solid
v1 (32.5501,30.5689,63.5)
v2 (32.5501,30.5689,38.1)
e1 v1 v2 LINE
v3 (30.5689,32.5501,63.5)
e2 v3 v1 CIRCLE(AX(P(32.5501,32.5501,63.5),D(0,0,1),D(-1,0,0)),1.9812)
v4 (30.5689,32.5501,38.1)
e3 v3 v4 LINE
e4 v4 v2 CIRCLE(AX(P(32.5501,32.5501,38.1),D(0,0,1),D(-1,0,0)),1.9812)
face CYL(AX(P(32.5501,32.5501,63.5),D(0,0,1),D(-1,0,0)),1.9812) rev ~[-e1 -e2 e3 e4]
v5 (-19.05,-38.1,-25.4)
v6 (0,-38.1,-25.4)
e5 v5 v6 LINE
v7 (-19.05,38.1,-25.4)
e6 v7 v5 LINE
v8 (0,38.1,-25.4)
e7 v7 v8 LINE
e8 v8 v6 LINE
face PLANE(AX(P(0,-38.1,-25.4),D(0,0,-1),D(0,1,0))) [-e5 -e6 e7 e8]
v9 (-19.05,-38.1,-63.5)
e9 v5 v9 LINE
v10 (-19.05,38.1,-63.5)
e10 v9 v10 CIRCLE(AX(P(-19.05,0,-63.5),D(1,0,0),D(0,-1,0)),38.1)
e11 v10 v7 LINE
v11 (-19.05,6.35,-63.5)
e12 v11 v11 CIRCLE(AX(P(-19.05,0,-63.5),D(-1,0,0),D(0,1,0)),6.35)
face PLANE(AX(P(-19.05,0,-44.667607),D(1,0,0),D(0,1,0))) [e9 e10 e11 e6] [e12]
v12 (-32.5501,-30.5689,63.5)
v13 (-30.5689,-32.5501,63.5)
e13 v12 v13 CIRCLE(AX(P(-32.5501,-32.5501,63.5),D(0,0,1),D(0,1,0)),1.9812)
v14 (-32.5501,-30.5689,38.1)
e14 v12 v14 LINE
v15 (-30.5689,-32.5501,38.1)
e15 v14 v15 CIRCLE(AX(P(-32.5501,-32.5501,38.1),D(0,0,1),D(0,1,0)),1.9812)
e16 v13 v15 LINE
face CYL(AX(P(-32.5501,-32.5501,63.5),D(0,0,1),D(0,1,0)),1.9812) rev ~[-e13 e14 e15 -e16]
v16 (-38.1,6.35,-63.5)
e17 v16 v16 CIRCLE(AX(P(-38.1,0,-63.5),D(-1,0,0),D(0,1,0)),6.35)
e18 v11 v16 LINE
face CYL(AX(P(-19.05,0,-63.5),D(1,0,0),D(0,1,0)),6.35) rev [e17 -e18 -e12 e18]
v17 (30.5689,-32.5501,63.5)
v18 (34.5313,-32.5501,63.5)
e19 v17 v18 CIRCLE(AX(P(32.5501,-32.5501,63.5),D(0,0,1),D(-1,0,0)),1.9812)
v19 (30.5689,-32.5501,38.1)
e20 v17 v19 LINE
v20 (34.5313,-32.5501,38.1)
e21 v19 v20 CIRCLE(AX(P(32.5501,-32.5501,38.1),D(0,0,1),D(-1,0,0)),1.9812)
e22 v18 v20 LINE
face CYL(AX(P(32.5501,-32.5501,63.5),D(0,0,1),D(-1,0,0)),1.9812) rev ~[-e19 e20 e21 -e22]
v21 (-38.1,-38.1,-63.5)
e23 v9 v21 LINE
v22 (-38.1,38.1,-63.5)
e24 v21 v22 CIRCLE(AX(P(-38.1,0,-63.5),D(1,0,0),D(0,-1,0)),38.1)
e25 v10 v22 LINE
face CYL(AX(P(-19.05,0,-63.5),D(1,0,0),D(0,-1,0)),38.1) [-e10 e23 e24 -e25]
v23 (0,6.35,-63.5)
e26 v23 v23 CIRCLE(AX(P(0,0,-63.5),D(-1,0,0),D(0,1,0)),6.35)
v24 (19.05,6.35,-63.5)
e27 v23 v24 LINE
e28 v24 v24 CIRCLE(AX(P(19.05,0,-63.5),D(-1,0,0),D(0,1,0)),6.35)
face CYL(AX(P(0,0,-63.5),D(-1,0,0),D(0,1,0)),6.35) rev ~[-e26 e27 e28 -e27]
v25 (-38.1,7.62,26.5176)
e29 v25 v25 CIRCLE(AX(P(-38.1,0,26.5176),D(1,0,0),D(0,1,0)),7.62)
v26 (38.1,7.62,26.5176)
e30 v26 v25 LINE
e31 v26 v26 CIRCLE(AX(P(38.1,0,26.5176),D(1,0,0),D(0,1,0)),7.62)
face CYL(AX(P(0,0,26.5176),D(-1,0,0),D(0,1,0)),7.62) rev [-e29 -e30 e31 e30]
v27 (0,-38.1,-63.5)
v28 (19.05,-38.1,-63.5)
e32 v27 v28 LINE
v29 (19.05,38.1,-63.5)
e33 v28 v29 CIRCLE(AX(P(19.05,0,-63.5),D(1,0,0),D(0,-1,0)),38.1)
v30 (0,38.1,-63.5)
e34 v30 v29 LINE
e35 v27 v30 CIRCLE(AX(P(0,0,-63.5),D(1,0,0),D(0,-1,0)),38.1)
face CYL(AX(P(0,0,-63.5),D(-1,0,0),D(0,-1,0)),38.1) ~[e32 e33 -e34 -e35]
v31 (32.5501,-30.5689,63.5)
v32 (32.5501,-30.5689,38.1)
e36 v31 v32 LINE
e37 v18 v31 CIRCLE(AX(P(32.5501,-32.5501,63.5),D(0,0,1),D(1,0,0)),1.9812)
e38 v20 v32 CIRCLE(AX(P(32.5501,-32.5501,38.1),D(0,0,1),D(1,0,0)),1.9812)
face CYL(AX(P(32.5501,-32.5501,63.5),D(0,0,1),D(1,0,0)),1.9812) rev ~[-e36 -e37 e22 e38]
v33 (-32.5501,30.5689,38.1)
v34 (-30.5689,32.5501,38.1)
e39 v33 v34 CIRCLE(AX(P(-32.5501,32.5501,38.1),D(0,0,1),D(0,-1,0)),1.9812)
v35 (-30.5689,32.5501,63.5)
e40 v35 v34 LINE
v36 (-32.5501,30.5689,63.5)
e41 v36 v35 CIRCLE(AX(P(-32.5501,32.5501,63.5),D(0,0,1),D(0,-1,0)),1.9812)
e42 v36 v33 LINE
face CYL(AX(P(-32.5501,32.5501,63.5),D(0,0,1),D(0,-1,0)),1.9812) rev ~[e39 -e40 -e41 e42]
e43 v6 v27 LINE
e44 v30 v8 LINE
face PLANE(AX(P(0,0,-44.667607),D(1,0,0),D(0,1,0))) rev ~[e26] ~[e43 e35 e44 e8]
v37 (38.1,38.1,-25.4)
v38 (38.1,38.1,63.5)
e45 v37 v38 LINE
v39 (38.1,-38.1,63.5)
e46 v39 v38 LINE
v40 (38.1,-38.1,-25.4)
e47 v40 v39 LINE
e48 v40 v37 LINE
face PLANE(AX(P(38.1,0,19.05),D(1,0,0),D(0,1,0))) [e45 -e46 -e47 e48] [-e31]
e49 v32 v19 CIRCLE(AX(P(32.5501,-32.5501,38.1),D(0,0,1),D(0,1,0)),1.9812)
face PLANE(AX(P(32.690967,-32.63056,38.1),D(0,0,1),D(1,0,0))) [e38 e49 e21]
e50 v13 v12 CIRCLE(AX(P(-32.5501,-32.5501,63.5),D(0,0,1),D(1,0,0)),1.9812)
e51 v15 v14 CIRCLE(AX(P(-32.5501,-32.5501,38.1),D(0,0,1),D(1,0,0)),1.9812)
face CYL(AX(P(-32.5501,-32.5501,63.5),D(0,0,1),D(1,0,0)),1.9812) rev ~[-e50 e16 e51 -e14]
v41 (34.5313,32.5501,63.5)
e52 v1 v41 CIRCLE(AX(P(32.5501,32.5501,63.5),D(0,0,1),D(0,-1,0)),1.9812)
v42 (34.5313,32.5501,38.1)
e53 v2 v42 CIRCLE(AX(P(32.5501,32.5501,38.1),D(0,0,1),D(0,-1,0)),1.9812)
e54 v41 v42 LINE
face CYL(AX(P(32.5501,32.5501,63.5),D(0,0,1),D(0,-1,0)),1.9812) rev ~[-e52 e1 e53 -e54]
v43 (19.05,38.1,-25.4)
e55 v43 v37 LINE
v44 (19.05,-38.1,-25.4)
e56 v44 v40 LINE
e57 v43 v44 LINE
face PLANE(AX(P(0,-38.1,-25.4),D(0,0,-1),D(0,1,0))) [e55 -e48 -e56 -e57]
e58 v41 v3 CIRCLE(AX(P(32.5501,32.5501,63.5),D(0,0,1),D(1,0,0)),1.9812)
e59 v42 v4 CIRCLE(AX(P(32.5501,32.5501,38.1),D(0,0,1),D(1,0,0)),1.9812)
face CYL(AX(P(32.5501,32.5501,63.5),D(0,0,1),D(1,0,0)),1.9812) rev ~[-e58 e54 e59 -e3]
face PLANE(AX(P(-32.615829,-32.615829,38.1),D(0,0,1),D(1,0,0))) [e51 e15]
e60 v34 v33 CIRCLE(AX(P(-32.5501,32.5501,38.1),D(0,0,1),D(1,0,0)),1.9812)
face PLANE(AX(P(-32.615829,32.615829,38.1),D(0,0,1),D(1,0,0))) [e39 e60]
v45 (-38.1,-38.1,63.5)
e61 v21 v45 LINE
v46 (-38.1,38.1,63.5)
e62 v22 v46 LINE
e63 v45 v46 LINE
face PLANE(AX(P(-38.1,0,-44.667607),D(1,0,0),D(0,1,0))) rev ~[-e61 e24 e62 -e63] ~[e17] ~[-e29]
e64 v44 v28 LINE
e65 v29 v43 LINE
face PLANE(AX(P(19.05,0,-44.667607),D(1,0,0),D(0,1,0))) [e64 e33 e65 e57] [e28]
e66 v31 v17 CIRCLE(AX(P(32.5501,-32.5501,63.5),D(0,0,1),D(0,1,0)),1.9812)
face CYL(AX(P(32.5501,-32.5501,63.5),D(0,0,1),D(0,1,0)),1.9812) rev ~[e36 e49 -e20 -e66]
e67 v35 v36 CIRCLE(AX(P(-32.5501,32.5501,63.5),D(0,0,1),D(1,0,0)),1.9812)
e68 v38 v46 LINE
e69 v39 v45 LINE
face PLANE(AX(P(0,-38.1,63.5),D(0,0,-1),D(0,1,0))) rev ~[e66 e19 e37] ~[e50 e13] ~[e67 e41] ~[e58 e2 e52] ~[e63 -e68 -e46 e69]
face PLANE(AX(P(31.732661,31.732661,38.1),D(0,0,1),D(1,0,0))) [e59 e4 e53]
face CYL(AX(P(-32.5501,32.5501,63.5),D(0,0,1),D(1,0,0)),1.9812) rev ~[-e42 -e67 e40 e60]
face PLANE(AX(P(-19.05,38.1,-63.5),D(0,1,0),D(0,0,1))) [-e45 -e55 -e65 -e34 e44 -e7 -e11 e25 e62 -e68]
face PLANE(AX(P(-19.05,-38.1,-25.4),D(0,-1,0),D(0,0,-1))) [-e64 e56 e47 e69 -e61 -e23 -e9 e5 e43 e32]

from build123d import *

# Parameters (mm, degrees)
F0_W     = 76.2
F0_H     = 88.9
F0_R     = 7.62
F1_DEPTH = 38.1
F2_DEPTH = 19.05
F3_START = -19.05
F3_DEPTH = 19.05
F5_DEPTH = 25.4


with BuildPart() as f1:
    # F0 (on Right) → F1 (new body, symmetric)
    with BuildSketch(Plane.YZ):
        with Locations((0, 19.05)):
            Rectangle(F0_W, F0_H)
        with Locations((0, 26.5176)):
            Circle(F0_R, mode=Mode.SUBTRACT)
    extrude(amount=F1_DEPTH, both=True)

    # F0 (on Right) → F2 (join)
    with BuildSketch(Plane.YZ):
        with BuildLine():
            Line((6.35, -63.5), (38.1, -63.5))
            Line((38.1, -63.5), (38.1, -25.4))
            Line((38.1, -25.4), (-38.1, -25.4))
            Line((-38.1, -25.4), (-38.1, -63.5))
            Line((-38.1, -63.5), (-6.35, -63.5))
            ThreePointArc((-6.35, -63.5), (0, -57.15), (6.35, -63.5))
        make_face()
        with BuildLine():
            ThreePointArc((-38.1, -63.5), (0, -101.6), (38.1, -63.5))
            Line((38.1, -63.5), (6.35, -63.5))
            ThreePointArc((6.35, -63.5), (0, -69.85), (-6.35, -63.5))
            Line((-6.35, -63.5), (-38.1, -63.5))
        make_face()
    extrude(amount=F2_DEPTH)

    # F0 (on Right) → F3 (join)
    with BuildSketch(Plane.YZ.offset(F3_START)):
        with BuildLine():
            Line((6.35, -63.5), (38.1, -63.5))
            Line((38.1, -63.5), (38.1, -25.4))
            Line((38.1, -25.4), (-38.1, -25.4))
            Line((-38.1, -25.4), (-38.1, -63.5))
            Line((-38.1, -63.5), (-6.35, -63.5))
            ThreePointArc((-6.35, -63.5), (0, -57.15), (6.35, -63.5))
        make_face()
        with BuildLine():
            ThreePointArc((-38.1, -63.5), (0, -101.6), (38.1, -63.5))
            Line((38.1, -63.5), (6.35, -63.5))
            ThreePointArc((6.35, -63.5), (0, -69.85), (-6.35, -63.5))
            Line((-6.35, -63.5), (-38.1, -63.5))
        make_face()
    extrude(amount=-F3_DEPTH)

    # F4 (on face) → F5 (cut)
    with BuildSketch(Plane.XY.offset(63.5)):
        with BuildLine():
            ThreePointArc((-30.5689, 32.5501), (-33.9510199549, 33.9510199549), (-32.5501, 30.5689))
            Line((-32.5501, 30.5689), (-32.5501, 32.5501))
            Line((-32.5501, 32.5501), (-30.5689, 32.5501))
        make_face()
        with BuildLine():
            Line((-32.5501, 32.5501), (-32.5501, 30.5689))
            ThreePointArc((-32.5501, 30.5689), (-31.1491800451, 31.1491800451), (-30.5689, 32.5501))
            Line((-30.5689, 32.5501), (-32.5501, 32.5501))
        make_face()
        with BuildLine():
            ThreePointArc((30.5689, 32.5501), (31.1491800451, 31.1491800451), (32.5501, 30.5689))
            Line((32.5501, 30.5689), (32.5501, 32.5501))
            Line((32.5501, 32.5501), (30.5689, 32.5501))
        make_face()
        with BuildLine():
            Line((32.5501, 32.5501), (32.5501, 30.5689))
            ThreePointArc((32.5501, 30.5689), (33.9510199549, 31.1491800451), (34.5313, 32.5501))
            ThreePointArc((34.5313, 32.5501), (32.5501, 34.5313), (30.5689, 32.5501))
            Line((30.5689, 32.5501), (32.5501, 32.5501))
        make_face()
        with BuildLine():
            ThreePointArc((-32.5501, -30.5689), (-33.9510199549, -33.9510199549), (-30.5689, -32.5501))
            Line((-30.5689, -32.5501), (-32.5501, -32.5501))
            Line((-32.5501, -32.5501), (-32.5501, -30.5689))
        make_face()
        with BuildLine():
            Line((-32.5501, -32.5501), (-30.5689, -32.5501))
            ThreePointArc((-30.5689, -32.5501), (-31.1491800451, -31.1491800451), (-32.5501, -30.5689))
            Line((-32.5501, -30.5689), (-32.5501, -32.5501))
        make_face()
        with BuildLine():
            Line((32.5501, -32.5501), (30.5689, -32.5501))
            ThreePointArc((30.5689, -32.5501), (32.5501, -34.5313), (34.5313, -32.5501))
            ThreePointArc((34.5313, -32.5501), (33.9510199549, -31.1491800451), (32.5501, -30.5689))
            Line((32.5501, -30.5689), (32.5501, -32.5501))
        make_face()
        with BuildLine():
            ThreePointArc((32.5501, -30.5689), (31.1491800451, -31.1491800451), (30.5689, -32.5501))
            Line((30.5689, -32.5501), (32.5501, -32.5501))
            Line((32.5501, -32.5501), (32.5501, -30.5689))
        make_face()
    extrude(amount=-F5_DEPTH, mode=Mode.SUBTRACT)


solid = f1.part
